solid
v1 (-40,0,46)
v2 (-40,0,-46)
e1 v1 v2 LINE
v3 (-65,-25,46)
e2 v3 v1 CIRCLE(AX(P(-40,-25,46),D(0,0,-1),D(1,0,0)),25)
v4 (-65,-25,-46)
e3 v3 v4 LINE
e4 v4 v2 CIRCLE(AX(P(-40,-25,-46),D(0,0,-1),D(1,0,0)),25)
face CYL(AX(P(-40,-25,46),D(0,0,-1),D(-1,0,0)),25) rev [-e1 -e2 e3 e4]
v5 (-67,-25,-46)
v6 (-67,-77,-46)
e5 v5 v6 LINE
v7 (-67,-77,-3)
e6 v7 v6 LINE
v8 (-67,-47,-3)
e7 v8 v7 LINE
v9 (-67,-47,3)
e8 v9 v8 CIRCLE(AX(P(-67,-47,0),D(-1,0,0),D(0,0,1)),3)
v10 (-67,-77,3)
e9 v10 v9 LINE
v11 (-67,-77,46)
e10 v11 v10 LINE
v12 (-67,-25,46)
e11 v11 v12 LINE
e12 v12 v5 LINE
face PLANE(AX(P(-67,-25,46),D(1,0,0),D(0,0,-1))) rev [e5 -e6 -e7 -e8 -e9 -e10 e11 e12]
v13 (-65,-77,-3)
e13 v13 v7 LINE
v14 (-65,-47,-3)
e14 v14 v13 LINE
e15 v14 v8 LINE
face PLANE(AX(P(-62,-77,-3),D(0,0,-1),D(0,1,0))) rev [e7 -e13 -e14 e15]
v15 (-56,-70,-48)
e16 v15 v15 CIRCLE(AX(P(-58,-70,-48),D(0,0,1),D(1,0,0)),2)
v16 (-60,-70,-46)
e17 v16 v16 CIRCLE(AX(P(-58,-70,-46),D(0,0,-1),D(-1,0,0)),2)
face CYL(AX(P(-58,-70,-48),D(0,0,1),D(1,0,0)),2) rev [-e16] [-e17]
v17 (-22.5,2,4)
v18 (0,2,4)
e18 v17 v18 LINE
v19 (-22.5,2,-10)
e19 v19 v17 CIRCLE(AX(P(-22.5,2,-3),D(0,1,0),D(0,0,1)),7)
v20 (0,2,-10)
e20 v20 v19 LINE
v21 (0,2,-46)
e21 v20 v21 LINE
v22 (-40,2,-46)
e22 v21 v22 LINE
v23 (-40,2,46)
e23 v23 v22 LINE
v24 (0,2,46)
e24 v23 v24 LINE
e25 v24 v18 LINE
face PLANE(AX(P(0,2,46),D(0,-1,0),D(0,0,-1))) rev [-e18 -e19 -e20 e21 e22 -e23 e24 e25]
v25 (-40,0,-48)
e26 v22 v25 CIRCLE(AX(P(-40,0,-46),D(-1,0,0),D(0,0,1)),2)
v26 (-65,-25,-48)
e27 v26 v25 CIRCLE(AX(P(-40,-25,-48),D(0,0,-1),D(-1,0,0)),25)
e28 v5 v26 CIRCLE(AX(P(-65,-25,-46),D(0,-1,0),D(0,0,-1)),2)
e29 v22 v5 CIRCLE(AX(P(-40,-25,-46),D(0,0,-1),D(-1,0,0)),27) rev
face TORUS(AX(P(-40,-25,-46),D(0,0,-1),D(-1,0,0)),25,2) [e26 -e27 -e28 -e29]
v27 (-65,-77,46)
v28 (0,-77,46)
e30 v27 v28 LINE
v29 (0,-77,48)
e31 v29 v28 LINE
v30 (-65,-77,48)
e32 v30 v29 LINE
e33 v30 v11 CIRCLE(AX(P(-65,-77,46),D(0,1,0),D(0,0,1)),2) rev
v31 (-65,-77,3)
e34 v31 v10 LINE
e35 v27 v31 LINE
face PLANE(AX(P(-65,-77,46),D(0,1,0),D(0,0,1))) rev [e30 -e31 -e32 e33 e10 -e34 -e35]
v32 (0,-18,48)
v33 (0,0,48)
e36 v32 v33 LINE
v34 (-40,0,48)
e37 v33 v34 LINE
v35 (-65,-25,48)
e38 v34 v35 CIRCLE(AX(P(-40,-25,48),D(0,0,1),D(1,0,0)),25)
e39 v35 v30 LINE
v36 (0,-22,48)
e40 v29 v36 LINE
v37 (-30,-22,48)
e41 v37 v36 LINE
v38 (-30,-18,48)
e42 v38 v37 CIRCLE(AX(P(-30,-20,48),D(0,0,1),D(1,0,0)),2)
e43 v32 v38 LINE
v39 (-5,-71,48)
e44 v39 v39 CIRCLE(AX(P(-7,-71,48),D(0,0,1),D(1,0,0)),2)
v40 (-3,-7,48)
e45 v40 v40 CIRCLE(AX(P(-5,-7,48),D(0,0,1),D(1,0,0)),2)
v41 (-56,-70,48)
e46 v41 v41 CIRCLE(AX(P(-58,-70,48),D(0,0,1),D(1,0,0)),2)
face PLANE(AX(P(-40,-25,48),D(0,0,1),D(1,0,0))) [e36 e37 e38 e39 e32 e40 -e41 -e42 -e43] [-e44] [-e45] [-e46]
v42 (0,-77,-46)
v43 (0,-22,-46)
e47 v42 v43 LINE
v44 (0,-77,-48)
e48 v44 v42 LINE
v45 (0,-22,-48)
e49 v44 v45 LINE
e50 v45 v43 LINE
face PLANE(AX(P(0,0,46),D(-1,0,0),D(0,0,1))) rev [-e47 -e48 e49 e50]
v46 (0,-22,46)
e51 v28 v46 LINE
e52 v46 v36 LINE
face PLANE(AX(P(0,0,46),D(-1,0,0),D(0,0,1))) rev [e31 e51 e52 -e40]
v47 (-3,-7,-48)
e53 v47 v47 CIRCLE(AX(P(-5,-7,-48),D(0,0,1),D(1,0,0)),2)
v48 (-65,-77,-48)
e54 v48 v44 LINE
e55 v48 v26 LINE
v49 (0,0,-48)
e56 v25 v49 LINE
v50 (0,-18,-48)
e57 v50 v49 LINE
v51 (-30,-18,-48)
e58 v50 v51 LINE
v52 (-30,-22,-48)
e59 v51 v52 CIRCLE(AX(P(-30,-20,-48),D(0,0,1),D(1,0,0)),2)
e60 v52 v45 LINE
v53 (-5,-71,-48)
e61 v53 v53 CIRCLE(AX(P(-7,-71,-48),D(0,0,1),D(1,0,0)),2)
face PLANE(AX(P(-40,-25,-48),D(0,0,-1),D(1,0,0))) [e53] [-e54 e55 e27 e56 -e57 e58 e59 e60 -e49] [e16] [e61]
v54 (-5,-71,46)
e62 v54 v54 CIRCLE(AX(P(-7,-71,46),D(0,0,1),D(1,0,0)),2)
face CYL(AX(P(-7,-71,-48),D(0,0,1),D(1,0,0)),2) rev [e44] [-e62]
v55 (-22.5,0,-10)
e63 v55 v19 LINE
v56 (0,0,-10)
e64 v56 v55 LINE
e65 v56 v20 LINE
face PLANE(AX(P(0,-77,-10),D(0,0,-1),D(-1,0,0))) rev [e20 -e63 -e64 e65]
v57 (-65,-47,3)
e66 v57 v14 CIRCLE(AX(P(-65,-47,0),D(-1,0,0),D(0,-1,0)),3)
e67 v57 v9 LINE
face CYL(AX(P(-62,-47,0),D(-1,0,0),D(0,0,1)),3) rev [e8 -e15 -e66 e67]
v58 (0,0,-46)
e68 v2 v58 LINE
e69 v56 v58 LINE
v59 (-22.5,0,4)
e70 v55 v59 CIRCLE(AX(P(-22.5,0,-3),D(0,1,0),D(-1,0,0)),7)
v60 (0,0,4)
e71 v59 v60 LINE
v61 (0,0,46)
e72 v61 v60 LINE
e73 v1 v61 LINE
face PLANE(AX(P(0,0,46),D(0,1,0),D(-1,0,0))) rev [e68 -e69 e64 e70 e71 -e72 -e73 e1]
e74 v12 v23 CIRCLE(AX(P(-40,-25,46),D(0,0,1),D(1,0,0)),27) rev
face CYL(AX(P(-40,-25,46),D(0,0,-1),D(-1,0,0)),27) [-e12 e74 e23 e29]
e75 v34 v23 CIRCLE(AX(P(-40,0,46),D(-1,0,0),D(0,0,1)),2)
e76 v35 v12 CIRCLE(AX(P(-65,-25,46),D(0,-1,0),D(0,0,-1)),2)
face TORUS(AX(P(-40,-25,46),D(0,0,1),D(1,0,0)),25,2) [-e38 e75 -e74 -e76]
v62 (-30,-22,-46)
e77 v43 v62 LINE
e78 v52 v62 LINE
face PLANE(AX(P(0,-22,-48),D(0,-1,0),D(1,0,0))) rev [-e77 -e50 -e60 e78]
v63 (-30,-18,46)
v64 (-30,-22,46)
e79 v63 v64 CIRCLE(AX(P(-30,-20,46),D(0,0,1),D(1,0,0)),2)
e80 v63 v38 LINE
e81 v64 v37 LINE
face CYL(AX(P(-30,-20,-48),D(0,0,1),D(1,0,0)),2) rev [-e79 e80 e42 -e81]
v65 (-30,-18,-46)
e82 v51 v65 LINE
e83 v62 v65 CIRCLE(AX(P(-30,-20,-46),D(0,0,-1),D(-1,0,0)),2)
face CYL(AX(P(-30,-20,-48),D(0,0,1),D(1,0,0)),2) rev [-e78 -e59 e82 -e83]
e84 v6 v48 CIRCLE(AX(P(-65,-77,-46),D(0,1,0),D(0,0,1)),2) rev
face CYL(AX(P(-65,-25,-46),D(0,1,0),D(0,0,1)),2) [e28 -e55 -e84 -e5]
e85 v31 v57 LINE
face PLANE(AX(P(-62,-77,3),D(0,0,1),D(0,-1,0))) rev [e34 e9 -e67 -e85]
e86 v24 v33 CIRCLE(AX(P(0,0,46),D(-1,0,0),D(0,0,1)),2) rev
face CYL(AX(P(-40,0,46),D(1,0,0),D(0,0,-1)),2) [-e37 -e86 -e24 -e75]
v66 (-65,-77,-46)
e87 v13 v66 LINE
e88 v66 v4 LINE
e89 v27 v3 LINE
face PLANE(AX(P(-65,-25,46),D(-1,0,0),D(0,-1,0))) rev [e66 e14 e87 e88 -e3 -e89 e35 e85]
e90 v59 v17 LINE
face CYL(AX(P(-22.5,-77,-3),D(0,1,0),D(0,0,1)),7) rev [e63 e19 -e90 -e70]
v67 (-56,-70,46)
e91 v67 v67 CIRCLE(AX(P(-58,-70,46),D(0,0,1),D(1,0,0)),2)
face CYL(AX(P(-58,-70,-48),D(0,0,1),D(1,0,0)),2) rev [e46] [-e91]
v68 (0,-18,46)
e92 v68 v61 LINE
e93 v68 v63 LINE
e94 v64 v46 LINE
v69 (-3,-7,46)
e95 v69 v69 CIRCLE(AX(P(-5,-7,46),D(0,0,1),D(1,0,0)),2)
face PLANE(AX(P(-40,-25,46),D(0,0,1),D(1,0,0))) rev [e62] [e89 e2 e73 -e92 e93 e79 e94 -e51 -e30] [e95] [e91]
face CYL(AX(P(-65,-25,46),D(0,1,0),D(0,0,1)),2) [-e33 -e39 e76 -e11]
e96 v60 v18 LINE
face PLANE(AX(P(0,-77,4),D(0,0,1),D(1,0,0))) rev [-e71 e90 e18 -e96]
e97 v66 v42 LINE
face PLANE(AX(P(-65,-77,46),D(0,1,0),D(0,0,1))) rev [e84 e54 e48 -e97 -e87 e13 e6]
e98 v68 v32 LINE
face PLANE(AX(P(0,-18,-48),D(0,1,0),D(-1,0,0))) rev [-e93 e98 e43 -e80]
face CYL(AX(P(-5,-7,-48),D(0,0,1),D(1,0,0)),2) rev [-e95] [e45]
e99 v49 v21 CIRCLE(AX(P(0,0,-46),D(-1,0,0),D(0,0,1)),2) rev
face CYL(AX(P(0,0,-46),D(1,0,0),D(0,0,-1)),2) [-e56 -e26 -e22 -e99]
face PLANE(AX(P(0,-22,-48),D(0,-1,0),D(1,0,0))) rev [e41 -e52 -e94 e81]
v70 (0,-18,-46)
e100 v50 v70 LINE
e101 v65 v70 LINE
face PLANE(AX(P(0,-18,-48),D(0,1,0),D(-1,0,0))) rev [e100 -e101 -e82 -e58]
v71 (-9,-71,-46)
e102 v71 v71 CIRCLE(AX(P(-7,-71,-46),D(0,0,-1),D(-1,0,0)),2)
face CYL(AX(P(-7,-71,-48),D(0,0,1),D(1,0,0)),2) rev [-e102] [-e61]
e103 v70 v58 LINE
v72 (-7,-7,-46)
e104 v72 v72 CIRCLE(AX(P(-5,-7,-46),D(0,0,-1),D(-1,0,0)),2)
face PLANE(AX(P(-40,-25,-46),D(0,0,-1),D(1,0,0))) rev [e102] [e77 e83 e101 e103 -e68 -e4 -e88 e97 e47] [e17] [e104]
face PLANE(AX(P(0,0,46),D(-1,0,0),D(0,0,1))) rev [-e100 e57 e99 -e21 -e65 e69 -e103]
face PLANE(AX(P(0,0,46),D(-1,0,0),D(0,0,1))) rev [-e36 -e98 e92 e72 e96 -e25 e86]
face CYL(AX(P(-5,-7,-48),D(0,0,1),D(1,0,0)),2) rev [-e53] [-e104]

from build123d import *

# Parameters (mm, degrees)
BOSS_EXTRUDE1_DEPTH = 46
BOSS_EXTRUDE2_START = 2
BOSS_EXTRUDE2_DEPTH = 2
FILLET1_R           = 2
CUT_EXTRUDE1_DEPTH  = 5
CUT_EXTRUDE2_DEPTH  = 141.121375957
CUT_EXTRUDE3_DEPTH  = 115.166545012
SKETCH6_R           = 2
CUT_EXTRUDE4_DEPTH  = 141.121375957


with BuildPart() as part:
    # Sketch1 → Boss-Extrude1 (new, symmetric)
    with BuildSketch(Plane.XY):
        with BuildLine():
            Line((0, 0), (-40, 0))
            ThreePointArc((-40, 0), (-57.67766953, -7.32233047), (-65, -25))
            Line((-65, -25), (-65, -77))
            Line((-65, -77), (-67, -77))
            Line((-67, -77), (-67, -25))
            ThreePointArc((-67, -25), (-59.091883092, -5.908116908), (-40, 2))
            Line((-40, 2), (0, 2))
            Line((0, 2), (0, 0))
        make_face()
    extrude(amount=BOSS_EXTRUDE1_DEPTH, both=True)

    # Sketch2 → Boss-Extrude2 (add)
    with BuildSketch(Plane.XY.offset(46).offset(BOSS_EXTRUDE2_START)):
        with BuildLine():
            Line((-67, -25), (-67, -77))
            Line((-67, -77), (0, -77))
            Line((0, -77), (0, 2))
            Line((0, 2), (-40, 2))
            ThreePointArc((-40, 2), (-59.091883092, -5.908116908), (-67, -25))
        make_face()
    boss_extrude2 = extrude(amount=-BOSS_EXTRUDE2_DEPTH)

    # Mirror1: Boss-Extrude2 across plane
    add(boss_extrude2.mirror(Plane.XY))

    # Fillet1
    fillet1_edges = [part.edges().sort_by_distance(p)[0] for p in [
        (-59.091883092, -5.908116908, 48),
        (-67, -51, 48),
        (-20, 2, 48),
        (-59.091883092, -5.908116908, -48),
        (-20, 2, -48),
        (-67, -51, -48),
    ]]
    fillet(fillet1_edges, radius=FILLET1_R)

    # Sketch3 → Cut-Extrude1 (cut)
    with BuildSketch(Plane.ZY.offset(67)):
        with BuildLine():
            Line((-3, -77), (-3, -47))
            ThreePointArc((-3, -47), (0, -44), (3, -47))
            Line((3, -47), (3, -77))
            ThreePointArc((3, -77), (0, -80), (-3, -77))
        make_face()
    extrude(amount=-CUT_EXTRUDE1_DEPTH, mode=Mode.SUBTRACT)

    # Sketch4 → Cut-Extrude2 (cut, through all)
    with BuildSketch(Plane.XY.offset(48)):
        with BuildLine():
            Line((0, -22), (-30, -22))
            ThreePointArc((-30, -22), (-32, -20), (-30, -18))
            Line((-30, -18), (0, -18))
            ThreePointArc((0, -18), (2, -20), (0, -22))
        make_face()
    extrude(amount=-CUT_EXTRUDE2_DEPTH, mode=Mode.SUBTRACT)

    # Sketch5 → Cut-Extrude3 (cut, through all)
    with BuildSketch(Plane(origin=(0, 2, 0), x_dir=(1, 0, 0), z_dir=(0, 1, 0))):
        with BuildLine():
            Line((0, -4), (-22.5, -4))
            ThreePointArc((-22.5, -4), (-29.5, 3), (-22.5, 10))
            Line((-22.5, 10), (0, 10))
            ThreePointArc((0, 10), (7, 3), (0, -4))
        make_face()
    extrude(amount=-CUT_EXTRUDE3_DEPTH, mode=Mode.SUBTRACT)

    # Sketch6 → Cut-Extrude4 (cut, through all)
    with BuildSketch(Plane.XY.offset(48)):
        with Locations((-5, -7)):
            Circle(SKETCH6_R)
        with Locations((-7, -71)):
            Circle(SKETCH6_R)
        with Locations((-58, -70)):
            Circle(SKETCH6_R)
    extrude(amount=-CUT_EXTRUDE4_DEPTH, mode=Mode.SUBTRACT)


solid = part.part
